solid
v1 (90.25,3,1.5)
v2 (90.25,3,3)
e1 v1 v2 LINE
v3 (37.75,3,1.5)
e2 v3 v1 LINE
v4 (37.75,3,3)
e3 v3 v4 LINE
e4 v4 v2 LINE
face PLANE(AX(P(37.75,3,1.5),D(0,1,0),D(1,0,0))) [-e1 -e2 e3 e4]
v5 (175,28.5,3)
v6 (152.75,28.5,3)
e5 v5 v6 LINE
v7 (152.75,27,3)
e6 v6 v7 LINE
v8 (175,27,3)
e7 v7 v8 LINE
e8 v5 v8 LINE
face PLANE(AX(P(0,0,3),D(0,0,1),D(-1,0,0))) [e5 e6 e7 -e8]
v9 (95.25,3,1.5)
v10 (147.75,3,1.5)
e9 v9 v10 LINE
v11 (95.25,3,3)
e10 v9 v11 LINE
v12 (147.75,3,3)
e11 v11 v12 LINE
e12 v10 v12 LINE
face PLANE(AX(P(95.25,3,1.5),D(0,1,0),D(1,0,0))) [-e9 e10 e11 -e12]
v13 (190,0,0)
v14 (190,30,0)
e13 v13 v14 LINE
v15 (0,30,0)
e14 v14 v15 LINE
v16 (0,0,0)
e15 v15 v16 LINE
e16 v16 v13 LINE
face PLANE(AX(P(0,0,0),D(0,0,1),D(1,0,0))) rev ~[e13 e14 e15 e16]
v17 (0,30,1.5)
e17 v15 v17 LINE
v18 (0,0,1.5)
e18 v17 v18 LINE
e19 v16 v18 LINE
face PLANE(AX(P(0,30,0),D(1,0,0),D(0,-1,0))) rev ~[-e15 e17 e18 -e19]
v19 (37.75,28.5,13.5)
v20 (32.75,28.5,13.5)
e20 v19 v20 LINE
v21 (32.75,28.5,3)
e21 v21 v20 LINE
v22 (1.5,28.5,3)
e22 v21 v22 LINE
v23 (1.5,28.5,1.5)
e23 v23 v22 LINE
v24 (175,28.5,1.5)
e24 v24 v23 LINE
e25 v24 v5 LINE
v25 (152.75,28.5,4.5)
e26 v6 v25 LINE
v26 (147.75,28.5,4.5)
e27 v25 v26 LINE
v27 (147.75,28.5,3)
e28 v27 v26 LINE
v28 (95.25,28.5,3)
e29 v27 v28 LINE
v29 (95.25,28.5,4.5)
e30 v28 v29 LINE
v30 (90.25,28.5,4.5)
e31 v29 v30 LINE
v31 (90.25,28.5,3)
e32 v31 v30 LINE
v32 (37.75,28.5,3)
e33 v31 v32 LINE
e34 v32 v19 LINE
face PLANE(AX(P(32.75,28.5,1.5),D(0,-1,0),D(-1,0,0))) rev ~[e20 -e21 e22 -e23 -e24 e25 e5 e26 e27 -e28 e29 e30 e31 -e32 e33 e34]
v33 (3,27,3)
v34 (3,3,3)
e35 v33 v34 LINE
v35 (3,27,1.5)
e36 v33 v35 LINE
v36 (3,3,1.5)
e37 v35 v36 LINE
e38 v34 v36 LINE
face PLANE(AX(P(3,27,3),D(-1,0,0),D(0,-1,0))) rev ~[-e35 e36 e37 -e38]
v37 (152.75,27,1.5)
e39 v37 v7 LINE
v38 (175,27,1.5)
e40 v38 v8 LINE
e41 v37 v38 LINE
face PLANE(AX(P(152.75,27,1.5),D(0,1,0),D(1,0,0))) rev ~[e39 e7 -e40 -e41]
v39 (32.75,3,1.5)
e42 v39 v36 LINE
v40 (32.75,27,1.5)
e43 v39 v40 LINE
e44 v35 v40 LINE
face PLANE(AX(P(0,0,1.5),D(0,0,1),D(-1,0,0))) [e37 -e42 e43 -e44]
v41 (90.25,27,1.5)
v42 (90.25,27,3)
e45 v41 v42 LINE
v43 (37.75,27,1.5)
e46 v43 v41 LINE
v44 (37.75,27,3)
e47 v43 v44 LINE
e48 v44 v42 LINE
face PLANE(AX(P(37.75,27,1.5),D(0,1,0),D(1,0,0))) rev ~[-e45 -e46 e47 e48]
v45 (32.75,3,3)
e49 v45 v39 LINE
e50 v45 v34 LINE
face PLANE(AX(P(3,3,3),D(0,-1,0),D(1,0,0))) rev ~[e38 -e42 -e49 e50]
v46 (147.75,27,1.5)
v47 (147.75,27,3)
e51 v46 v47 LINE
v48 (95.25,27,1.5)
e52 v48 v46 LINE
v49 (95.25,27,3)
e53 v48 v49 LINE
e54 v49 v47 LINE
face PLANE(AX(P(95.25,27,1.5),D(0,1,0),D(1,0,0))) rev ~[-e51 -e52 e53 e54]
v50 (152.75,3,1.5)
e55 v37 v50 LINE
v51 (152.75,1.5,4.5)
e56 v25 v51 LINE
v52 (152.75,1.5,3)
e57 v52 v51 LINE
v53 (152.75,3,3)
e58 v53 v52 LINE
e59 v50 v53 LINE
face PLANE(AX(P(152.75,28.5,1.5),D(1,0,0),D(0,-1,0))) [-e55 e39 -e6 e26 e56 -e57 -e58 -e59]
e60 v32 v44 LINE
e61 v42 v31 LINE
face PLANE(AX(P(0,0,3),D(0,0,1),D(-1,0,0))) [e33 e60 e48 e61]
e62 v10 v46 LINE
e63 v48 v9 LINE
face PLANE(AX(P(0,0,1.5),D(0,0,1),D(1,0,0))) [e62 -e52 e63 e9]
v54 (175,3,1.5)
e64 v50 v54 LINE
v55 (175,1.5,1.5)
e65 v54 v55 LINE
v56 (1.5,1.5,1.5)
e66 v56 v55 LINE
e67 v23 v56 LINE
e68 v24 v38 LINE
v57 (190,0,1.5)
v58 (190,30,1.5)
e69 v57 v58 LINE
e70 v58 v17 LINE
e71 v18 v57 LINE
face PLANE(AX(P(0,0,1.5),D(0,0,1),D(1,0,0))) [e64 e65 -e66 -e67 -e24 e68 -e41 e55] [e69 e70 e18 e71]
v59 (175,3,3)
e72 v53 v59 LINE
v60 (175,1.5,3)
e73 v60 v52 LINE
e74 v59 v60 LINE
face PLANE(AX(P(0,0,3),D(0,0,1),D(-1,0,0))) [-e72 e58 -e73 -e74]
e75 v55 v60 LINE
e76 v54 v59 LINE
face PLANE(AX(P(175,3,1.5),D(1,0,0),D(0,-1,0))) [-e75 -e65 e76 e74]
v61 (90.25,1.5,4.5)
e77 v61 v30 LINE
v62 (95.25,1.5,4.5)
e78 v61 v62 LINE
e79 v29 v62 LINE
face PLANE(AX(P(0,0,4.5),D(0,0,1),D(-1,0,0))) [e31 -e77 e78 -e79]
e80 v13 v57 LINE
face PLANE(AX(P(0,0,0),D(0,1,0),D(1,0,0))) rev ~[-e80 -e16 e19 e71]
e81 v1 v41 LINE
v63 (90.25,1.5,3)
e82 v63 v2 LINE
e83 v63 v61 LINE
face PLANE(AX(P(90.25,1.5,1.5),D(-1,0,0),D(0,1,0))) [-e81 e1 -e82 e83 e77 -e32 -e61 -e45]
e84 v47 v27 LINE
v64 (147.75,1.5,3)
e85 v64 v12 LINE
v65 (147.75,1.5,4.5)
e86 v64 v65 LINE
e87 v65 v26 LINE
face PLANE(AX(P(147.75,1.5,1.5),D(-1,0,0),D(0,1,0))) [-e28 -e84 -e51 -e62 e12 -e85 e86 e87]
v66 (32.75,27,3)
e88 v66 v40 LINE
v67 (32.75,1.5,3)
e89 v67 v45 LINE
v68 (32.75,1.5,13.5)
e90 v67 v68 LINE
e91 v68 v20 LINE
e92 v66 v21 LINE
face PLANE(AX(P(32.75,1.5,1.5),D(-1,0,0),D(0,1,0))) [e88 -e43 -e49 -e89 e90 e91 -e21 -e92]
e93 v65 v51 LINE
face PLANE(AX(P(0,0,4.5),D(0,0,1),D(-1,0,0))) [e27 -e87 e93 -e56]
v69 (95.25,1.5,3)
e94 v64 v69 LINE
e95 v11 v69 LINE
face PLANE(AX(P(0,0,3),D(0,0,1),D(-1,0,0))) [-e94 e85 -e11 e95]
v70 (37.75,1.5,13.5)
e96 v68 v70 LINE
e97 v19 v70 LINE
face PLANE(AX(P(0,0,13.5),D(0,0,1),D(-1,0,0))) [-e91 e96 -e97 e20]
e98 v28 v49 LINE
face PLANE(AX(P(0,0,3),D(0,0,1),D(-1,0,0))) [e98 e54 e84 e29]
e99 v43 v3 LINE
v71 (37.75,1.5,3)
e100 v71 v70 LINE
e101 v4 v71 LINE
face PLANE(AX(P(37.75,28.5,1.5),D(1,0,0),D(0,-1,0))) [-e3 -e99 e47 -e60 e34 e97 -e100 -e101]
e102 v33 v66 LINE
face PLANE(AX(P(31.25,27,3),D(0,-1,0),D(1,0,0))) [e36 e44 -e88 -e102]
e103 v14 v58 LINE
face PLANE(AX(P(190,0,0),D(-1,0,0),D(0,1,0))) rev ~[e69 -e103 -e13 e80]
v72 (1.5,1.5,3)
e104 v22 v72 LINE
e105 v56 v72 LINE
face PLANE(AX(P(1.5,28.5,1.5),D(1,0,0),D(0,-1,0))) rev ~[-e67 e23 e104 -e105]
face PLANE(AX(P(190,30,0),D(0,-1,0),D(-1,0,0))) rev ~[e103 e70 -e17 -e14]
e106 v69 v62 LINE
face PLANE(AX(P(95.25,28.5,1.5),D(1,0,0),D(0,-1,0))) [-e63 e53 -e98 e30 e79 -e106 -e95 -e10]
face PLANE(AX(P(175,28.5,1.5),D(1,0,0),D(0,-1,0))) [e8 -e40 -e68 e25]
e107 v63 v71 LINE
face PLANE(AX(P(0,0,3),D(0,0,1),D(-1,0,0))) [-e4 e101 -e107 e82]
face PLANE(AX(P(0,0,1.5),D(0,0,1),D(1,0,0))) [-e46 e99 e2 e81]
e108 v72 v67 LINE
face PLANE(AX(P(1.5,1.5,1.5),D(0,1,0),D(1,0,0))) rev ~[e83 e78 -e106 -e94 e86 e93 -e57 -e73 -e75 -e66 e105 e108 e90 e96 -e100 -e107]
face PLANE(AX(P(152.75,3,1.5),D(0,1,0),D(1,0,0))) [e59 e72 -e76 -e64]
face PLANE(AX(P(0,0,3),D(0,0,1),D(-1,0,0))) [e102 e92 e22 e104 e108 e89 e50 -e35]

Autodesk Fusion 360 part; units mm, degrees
sketch "Sketch1" plane through (0, 0, 0) normal (0, 0, 1) x (1, 0, 0)
  line L0 (0, 0) -> (190, 0)
  line L1 (190, 0) -> (190, 30)
  line L2 (190, 30) -> (0, 30)
  line L3 (0, 30) -> (0, 0)
  dimension "d1" = 190
  dimension "d2" = 30
extrude "Extrude1" add sketch "Sketch1" along normal blind 1.5
sketch "Sketch2" plane through (0, 0, 1.5) normal (0, 0, 1) x (-1, 0, 0)
  line L0 (0, -30) -> (0, 0)
  line L1 (0, 0) -> (-190, 0)
  line L2 (-190, 0) -> (-190, -30)
  line L3 (-190, -30) -> (0, -30)
  line L4 (-1.5, -1.5) -> (-188.5, -1.5)
  line L5 (-188.5, -1.5) -> (-188.5, -28.5)
  line L6 (-188.5, -28.5) -> (-1.5, -28.5)
  line L7 (-1.5, -28.5) -> (-1.5, -1.5)
  line L8 (-32.75, -28.5) -> (-37.75, -28.5)
  line L9 (-37.75, -28.5) -> (-37.75, -1.5)
  line L10 (-37.75, -1.5) -> (-32.75, -1.5)
  line L11 (-32.75, -1.5) -> (-32.75, -28.5)
  line L12 (-188.5, -28.5) -> (-157.25, -28.5)
  line L13 (-90.25, -28.5) -> (-95.25, -28.5)
  line L14 (-90.25, -1.5) -> (-90.25, -28.5)
  line L15 (-95.25, -28.5) -> (-95.25, -1.5)
  line L16 (-95.25, -1.5) -> (-90.25, -1.5)
  line L17 (-147.75, -28.5) -> (-152.75, -28.5)
  line L18 (-147.75, -1.5) -> (-147.75, -28.5)
  line L19 (-152.75, -28.5) -> (-152.75, -1.5)
  line L20 (-152.75, -1.5) -> (-147.75, -1.5)
  dimension "d5" = -1.5
  dimension "d6" = 5
  dimension "d7" = 31.25
  dimension "d8" = 31.25
  dimension "d11" = -115
  dimension "d12" = 0
extrude "Extrude2" add sketch "Sketch2" along normal blind 12 contours L4 L6 L8 L9 L10 L11
extrude "Extrude3" add sketch "Sketch2" along normal blind 3 contours L4 L6 L13 L14 L15 L16 | L4 L6 L17 L18 L19 L20
extrude "Extrude4" add sketch "Sketch2" along normal blind 1.5 contours L4 L6 L7 L11
sketch "Sketch3" plane through (0, 0, 3) normal (0, 0, 1) x (-1, 0, 0)
  line L0 (-32.75, -1.5) -> (-32.75, -28.5)
  line L1 (-32.75, -28.5) -> (-1.5, -28.5)
  line L2 (-1.5, -28.5) -> (-1.5, -1.5)
  line L3 (-1.5, -1.5) -> (-32.75, -1.5)
  line L4 (-3, -3) -> (-31.25, -3)
  line L5 (-31.25, -27) -> (-3, -27)
  line L6 (-3, -27) -> (-3, -3)
  line L7 (-31.25, -3) -> (-32.75, -3)
  line L8 (-31.25, -27) -> (-32.75, -27)
extrude "Extrude5" cut sketch "Sketch3" against normal blind 1.5 contours L0 L4 L5 L6 L7 L8
sketch "Sketch4" plane through (0, 0, 1.5) normal (0, 0, 1) x (-1, 0, 0)
  line L0 (0, -30) -> (0, 0)
  line L1 (0, 0) -> (-190, 0)
  line L2 (-190, 0) -> (-190, -30)
  line L3 (-190, -30) -> (0, -30)
  line L4 (-37.75, -1.5) -> (-1.5, -1.5)
  line L5 (-1.5, -1.5) -> (-1.5, -28.5)
  line L6 (-1.5, -28.5) -> (-37.75, -28.5)
  line L7 (-37.75, -28.5) -> (-37.75, -1.5)
  line L8 (-95.25, -1.5) -> (-90.25, -1.5)
  line L9 (-90.25, -1.5) -> (-90.25, -28.5)
  line L10 (-90.25, -28.5) -> (-95.25, -28.5)
  line L11 (-95.25, -28.5) -> (-95.25, -1.5)
  line L12 (-152.75, -1.5) -> (-147.75, -1.5)
  line L13 (-147.75, -1.5) -> (-147.75, -28.5)
  line L14 (-147.75, -28.5) -> (-152.75, -28.5)
  line L15 (-152.75, -28.5) -> (-152.75, -1.5)
  line L16 (-190, -28.5) -> (-37.75, -28.5)
  line L17 (-37.75, -28.5) -> (-37.75, -27)
  line L18 (-37.75, -27) -> (-190, -27)
  line L19 (-190, -27) -> (-190, -28.5)
  line L20 (-190, -1.5) -> (-37.75, -1.5)
  line L21 (-37.75, -1.5) -> (-37.75, -3)
  line L22 (-37.75, -3) -> (-190, -3)
  line L23 (-190, -3) -> (-190, -1.5)
  line L24 (0, 0) -> (-190, 0)
  line L25 (-190, -30) -> (0, -30)
  line L26 (-95.25, -28.5) -> (-95.25, -1.5)
  line L27 (-37.75, -28.5) -> (-37.75, -1.5)
  line L28 (-175, -28.5) -> (-175, -27)
  line L29 (-175, -3) -> (-175, -1.5)
  line L30 (-190, 0) -> (-190, -30)
  dimension "d22" = 1.5
  dimension "d23" = 1.5
  dimension "d24" = 1.5
  dimension "d25" = 1.5
  dimension "d26" = 15
  dimension "d27" = 15
extrude "Extrude6" add sketch "Sketch4" along normal blind 1.5 contours L15 L16 L18 L28 | L15 L20 L22 L29 | L11 L13 L16 L18 L26 | L11 L13 L20 L22 L26 | L7 L9 L16 L17 L18 L27 | L7 L9 L20 L21 L22 L27
component "Lid" placed x (1, 0, 0) y (0, 1, 0) z (0, 0, 1) at (0, 0, 0)
